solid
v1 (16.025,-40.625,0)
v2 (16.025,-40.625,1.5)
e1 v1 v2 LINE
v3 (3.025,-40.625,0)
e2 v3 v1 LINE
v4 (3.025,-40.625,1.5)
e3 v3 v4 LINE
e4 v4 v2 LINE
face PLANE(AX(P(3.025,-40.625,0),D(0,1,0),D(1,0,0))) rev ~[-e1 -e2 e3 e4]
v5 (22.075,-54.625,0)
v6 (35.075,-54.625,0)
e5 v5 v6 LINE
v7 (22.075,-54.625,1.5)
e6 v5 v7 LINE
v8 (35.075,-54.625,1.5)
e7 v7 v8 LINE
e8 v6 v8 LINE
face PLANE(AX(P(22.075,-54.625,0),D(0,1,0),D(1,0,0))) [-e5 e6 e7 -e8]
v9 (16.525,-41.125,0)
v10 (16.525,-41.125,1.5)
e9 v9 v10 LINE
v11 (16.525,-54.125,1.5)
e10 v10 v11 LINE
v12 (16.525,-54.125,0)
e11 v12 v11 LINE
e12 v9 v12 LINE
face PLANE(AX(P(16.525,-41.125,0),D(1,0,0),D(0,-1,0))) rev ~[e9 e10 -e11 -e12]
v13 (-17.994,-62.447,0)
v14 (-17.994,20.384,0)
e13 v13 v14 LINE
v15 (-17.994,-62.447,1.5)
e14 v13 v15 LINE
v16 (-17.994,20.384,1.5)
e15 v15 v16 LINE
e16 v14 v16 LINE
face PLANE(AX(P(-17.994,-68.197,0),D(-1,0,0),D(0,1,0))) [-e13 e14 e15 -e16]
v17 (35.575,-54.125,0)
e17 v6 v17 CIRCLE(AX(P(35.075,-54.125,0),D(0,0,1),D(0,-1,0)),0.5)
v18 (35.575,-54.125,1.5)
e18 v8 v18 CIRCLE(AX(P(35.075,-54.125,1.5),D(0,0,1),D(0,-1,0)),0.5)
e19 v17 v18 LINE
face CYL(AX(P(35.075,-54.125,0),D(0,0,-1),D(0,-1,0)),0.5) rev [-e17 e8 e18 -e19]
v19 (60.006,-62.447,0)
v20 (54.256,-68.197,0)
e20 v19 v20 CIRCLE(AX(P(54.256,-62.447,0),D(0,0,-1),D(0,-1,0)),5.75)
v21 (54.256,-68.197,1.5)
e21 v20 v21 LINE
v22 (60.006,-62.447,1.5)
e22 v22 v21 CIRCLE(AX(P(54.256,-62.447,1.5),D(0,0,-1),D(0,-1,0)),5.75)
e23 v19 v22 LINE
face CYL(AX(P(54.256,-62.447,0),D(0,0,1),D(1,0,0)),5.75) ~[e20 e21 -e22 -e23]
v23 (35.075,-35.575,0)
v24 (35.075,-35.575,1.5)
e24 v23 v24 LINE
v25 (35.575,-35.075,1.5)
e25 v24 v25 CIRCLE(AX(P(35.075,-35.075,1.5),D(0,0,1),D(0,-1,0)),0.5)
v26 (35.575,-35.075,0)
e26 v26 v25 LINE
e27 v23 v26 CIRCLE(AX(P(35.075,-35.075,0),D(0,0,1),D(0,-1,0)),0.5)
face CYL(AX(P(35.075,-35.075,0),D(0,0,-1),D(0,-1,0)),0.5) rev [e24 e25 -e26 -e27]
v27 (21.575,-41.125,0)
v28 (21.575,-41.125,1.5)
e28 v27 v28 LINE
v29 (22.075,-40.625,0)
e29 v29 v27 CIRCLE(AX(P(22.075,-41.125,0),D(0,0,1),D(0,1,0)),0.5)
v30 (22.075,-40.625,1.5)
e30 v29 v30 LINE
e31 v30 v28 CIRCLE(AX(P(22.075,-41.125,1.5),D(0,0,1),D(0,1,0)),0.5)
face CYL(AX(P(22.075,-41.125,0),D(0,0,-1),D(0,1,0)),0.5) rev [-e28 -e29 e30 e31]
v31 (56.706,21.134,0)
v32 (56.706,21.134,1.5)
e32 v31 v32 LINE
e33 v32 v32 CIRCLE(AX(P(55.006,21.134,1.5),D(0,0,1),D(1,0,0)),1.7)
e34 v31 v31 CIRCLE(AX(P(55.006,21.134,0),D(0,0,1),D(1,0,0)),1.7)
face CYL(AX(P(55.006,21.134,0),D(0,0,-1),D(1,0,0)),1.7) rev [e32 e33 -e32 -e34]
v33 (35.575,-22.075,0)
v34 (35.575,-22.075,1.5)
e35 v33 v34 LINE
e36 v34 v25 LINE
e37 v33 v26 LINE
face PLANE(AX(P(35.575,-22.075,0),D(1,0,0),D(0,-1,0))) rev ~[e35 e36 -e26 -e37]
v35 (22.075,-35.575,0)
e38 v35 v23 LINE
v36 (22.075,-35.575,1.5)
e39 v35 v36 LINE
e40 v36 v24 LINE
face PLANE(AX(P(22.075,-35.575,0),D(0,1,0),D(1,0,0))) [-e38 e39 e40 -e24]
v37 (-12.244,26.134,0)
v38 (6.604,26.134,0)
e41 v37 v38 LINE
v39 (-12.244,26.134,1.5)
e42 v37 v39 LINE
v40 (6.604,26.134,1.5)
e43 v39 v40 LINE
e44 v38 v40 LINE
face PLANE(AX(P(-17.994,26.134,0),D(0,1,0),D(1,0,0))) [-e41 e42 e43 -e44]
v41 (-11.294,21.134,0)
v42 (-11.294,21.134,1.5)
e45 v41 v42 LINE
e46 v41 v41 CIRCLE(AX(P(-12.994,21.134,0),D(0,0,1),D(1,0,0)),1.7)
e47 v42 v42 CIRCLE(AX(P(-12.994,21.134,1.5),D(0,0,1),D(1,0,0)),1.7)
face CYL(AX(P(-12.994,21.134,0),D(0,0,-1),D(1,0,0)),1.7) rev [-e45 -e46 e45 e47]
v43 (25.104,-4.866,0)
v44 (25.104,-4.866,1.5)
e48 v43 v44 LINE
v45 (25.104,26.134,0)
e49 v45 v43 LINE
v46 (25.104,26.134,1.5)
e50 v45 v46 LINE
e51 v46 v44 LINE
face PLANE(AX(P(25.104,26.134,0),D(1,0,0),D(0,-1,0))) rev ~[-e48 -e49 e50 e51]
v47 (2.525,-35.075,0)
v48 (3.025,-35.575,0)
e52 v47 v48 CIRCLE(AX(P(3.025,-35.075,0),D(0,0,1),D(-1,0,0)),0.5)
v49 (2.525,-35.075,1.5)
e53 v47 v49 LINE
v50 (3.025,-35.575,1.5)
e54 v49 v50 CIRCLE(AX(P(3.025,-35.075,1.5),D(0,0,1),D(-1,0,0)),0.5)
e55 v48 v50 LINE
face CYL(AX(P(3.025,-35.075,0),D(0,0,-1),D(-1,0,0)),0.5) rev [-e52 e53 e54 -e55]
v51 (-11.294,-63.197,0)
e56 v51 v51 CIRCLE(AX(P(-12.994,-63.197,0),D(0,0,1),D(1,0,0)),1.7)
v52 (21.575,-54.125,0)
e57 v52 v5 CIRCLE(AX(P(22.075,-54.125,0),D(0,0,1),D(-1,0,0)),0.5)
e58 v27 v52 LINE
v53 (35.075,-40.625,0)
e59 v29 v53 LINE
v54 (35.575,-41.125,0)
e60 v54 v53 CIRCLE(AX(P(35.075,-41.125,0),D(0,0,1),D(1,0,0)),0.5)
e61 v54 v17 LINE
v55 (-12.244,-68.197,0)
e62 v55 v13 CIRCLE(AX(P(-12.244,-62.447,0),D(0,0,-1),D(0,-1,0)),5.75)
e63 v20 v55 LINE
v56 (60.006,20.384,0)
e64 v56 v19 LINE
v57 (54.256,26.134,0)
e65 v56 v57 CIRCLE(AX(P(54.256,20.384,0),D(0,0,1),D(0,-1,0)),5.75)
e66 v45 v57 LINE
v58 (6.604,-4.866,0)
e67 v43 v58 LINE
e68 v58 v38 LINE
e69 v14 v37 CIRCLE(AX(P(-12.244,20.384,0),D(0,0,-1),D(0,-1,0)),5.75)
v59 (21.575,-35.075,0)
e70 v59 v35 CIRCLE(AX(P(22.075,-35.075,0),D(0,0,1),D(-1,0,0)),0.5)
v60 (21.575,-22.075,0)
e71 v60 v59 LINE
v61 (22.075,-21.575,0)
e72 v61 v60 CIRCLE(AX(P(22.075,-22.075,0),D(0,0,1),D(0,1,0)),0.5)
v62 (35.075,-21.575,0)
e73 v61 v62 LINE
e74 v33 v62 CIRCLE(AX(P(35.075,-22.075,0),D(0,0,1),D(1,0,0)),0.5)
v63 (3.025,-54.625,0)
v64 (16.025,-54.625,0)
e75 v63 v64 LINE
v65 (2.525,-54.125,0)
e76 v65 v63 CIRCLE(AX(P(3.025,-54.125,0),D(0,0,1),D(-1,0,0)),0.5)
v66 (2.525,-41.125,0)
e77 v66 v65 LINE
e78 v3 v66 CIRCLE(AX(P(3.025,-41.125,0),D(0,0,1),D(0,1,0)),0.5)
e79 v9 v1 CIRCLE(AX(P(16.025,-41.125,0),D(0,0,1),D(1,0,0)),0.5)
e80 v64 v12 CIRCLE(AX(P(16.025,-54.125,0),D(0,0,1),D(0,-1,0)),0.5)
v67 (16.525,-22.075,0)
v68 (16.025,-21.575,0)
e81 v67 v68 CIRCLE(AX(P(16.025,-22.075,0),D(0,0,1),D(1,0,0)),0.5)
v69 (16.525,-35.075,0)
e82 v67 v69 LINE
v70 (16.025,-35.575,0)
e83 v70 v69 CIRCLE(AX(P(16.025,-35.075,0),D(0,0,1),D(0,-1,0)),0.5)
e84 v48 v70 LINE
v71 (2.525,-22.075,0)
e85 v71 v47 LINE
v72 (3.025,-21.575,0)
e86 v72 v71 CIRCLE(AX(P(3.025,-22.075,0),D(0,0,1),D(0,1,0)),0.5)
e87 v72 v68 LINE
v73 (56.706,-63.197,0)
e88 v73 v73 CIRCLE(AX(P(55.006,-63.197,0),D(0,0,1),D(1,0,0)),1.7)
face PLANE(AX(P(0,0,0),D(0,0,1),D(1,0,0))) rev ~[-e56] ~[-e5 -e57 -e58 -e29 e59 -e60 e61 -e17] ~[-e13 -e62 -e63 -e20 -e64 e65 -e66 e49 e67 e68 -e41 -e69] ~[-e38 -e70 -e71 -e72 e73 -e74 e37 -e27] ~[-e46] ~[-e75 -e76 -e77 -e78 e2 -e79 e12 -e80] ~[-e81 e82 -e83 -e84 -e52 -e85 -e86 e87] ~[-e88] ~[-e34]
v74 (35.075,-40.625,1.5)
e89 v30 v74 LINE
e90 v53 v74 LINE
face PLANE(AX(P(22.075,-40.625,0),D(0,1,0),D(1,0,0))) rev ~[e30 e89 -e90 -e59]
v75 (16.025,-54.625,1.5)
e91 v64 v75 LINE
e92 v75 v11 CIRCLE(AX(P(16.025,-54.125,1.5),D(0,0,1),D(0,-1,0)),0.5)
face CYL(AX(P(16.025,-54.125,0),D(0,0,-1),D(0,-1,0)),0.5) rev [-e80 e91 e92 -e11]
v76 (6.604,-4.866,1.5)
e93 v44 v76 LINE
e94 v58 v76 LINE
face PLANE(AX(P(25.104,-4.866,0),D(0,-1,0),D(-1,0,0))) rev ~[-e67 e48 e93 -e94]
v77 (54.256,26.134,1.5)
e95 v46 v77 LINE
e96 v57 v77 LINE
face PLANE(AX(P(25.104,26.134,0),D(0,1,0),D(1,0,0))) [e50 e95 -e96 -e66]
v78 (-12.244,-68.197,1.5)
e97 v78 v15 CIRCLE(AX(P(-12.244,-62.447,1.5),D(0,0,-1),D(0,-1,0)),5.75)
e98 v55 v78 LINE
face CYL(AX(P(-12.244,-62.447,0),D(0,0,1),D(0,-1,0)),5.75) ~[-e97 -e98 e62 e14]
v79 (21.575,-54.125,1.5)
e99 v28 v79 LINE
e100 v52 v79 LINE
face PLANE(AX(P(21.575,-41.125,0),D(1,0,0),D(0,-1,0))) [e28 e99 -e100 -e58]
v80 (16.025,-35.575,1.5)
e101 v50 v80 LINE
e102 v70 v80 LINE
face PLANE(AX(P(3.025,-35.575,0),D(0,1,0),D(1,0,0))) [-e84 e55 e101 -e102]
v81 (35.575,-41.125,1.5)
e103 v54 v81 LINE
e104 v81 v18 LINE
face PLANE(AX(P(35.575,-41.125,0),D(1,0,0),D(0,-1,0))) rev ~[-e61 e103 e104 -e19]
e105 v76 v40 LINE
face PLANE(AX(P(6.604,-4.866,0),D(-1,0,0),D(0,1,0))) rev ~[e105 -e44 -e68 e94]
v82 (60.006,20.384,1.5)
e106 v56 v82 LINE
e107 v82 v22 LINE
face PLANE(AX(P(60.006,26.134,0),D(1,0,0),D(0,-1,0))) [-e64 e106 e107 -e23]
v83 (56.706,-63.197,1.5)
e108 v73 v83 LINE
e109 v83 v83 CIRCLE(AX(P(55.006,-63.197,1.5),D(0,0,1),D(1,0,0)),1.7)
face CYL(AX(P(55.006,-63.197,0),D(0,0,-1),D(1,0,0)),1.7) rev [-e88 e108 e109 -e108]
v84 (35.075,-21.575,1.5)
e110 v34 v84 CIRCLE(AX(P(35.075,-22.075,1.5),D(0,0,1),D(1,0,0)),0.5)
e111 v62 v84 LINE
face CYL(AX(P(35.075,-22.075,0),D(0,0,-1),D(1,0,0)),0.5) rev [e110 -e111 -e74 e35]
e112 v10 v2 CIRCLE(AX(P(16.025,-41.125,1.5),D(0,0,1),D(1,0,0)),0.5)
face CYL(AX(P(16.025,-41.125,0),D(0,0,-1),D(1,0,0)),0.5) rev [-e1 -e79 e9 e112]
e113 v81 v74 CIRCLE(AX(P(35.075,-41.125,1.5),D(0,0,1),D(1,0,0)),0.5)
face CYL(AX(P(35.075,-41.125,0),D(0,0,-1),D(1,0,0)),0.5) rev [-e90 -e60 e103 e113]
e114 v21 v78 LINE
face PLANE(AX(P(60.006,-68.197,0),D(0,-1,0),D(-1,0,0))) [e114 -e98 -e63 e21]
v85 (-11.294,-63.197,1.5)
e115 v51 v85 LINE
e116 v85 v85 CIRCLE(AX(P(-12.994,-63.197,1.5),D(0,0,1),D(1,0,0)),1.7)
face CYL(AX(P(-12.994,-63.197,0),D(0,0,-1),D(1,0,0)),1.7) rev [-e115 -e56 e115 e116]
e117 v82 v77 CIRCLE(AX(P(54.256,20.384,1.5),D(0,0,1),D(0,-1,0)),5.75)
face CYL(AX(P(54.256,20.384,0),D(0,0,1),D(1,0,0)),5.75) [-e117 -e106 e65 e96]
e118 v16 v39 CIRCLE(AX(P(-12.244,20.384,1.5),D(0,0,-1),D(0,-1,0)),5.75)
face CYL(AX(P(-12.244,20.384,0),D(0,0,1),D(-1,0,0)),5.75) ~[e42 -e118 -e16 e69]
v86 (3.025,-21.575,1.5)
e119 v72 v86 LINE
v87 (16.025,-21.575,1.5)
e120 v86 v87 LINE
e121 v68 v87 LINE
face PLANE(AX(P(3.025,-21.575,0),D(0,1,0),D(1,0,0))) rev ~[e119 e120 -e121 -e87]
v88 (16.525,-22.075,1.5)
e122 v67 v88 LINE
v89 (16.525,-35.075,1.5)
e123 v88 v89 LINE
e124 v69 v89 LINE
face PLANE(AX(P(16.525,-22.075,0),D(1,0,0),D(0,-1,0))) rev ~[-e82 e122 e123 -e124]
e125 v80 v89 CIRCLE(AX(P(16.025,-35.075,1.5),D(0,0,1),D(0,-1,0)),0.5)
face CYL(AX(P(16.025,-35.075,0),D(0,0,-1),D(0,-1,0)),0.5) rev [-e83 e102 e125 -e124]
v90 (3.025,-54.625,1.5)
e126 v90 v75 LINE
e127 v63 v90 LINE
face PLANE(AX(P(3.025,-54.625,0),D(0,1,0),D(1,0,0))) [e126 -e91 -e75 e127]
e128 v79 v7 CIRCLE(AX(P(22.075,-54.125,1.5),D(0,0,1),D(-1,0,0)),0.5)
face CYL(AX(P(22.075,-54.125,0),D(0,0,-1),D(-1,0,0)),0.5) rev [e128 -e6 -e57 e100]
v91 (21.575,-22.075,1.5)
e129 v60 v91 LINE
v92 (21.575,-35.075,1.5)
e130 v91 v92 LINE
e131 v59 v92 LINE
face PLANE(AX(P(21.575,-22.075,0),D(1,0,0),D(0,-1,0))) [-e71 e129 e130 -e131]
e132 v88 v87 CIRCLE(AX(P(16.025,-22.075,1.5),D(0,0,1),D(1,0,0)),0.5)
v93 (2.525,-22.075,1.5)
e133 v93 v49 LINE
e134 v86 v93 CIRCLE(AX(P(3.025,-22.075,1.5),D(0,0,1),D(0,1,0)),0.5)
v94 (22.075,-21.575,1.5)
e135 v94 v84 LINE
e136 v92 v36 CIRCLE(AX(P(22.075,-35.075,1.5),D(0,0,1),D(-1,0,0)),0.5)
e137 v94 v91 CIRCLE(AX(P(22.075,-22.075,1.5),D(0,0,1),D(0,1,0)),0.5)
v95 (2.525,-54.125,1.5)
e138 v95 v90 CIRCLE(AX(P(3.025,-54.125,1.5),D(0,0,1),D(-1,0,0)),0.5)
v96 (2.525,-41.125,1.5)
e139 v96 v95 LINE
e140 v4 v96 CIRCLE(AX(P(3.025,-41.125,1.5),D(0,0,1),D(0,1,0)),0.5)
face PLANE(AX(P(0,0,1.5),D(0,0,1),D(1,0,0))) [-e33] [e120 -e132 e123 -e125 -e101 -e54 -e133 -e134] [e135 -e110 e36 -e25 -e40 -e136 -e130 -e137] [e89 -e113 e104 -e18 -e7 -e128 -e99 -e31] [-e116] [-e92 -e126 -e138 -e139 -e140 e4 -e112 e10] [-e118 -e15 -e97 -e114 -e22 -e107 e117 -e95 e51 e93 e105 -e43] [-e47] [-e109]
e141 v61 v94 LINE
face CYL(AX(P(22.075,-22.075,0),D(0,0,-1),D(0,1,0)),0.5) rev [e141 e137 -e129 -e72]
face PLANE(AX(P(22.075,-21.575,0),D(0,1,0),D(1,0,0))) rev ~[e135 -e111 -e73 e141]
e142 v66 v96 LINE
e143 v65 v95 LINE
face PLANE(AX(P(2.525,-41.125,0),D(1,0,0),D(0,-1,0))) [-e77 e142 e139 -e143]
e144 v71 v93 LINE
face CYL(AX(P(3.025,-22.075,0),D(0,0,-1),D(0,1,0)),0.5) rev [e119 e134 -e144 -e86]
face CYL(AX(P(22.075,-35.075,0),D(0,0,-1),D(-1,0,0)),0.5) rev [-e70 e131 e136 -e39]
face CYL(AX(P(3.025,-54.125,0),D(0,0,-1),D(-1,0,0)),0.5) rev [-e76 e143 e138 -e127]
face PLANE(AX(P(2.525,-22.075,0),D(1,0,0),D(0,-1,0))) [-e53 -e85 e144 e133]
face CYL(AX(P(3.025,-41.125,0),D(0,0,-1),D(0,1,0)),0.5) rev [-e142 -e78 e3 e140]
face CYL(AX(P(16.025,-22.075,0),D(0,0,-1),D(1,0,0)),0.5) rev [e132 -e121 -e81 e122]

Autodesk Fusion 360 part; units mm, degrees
sketch "plate-2025-12-04T13_16_58.583Z" plane through (0, 0, 0) normal (0, 0, 1) x (1, 0, 0)
  line L0 (3.025, -21.575) -> (16.025, -21.575)
  line L1 (3.025, -35.575) -> (16.025, -35.575)
  line L2 (2.525, -22.075) -> (2.525, -35.075)
  line L3 (16.525, -22.075) -> (16.525, -35.075)
  arc A0 (3.025, -21.575) -> (2.525, -22.075) centre (3.025, -22.075) ccw
  arc A1 (16.525, -22.075) -> (16.025, -21.575) centre (16.025, -22.075) ccw
  arc A2 (2.525, -35.075) -> (3.025, -35.575) centre (3.025, -35.075) ccw
  arc A3 (16.025, -35.575) -> (16.525, -35.075) centre (16.025, -35.075) ccw
  line L4 (22.075, -21.575) -> (35.075, -21.575)
  line L5 (22.075, -35.575) -> (35.075, -35.575)
  line L6 (21.575, -22.075) -> (21.575, -35.075)
  line L7 (35.575, -22.075) -> (35.575, -35.075)
  arc A4 (22.075, -21.575) -> (21.575, -22.075) centre (22.075, -22.075) ccw
  arc A5 (35.575, -22.075) -> (35.075, -21.575) centre (35.075, -22.075) ccw
  arc A6 (21.575, -35.075) -> (22.075, -35.575) centre (22.075, -35.075) ccw
  arc A7 (35.075, -35.575) -> (35.575, -35.075) centre (35.075, -35.075) ccw
  line L8 (3.025, -40.625) -> (16.025, -40.625)
  line L9 (3.025, -54.625) -> (16.025, -54.625)
  line L10 (2.525, -41.125) -> (2.525, -54.125)
  line L11 (16.525, -41.125) -> (16.525, -54.125)
  arc A8 (3.025, -40.625) -> (2.525, -41.125) centre (3.025, -41.125) ccw
  arc A9 (16.525, -41.125) -> (16.025, -40.625) centre (16.025, -41.125) ccw
  arc A10 (2.525, -54.125) -> (3.025, -54.625) centre (3.025, -54.125) ccw
  arc A11 (16.025, -54.625) -> (16.525, -54.125) centre (16.025, -54.125) ccw
  line L12 (22.075, -40.625) -> (35.075, -40.625)
  line L13 (22.075, -54.625) -> (35.075, -54.625)
  line L14 (21.575, -41.125) -> (21.575, -54.125)
  line L15 (35.575, -41.125) -> (35.575, -54.125)
  arc A12 (22.075, -40.625) -> (21.575, -41.125) centre (22.075, -41.125) ccw
  arc A13 (35.575, -41.125) -> (35.075, -40.625) centre (35.075, -41.125) ccw
  arc A14 (21.575, -54.125) -> (22.075, -54.625) centre (22.075, -54.125) ccw
  arc A15 (35.075, -54.625) -> (35.575, -54.125) centre (35.075, -54.125) ccw
  line L16 (0, -57.15) -> (38.1, -57.15)
  line L17 (0, -19.05) -> (38.1, -19.05)
  line L18 (0, -57.15) -> (0, -19.05)
  line L19 (38.1, -57.15) -> (38.1, -19.05)
  line L20 (-17.994, 26.134) -> (60.006, 26.134)
  line L21 (60.006, 26.134) -> (60.006, -68.197)
  line L22 (60.006, -68.197) -> (-17.994, -68.197)
  line L23 (-17.994, -68.197) -> (-17.994, 26.134)
  line L24 (6.604, 26.134) -> (25.104, 26.134)
  line L25 (25.104, 26.134) -> (25.104, -4.866)
  line L26 (25.104, -4.866) -> (6.604, -4.866)
  line L27 (6.604, -4.866) -> (6.604, 26.134)
  circle A16 centre (-12.994, 21.134) radius 1.7
  circle A17 centre (55.006, 21.134) radius 1.7
  circle A18 centre (-12.994, -63.197) radius 1.7
  circle A19 centre (55.006, -63.197) radius 1.7
  dimension "d1" = 78
  dimension "d2" = 94.331
  dimension "d4" = 20.519
  dimension "d5" = 13.572
  dimension "d6" = 18.5
  dimension "d7" = 31
  dimension "d8" = 24.598
  dimension "d9" = 3.4
  dimension "d10" = 5
  dimension "d11" = 5
  dimension "d12" = 3.4
  dimension "d13" = 5
  dimension "d14" = 5
  dimension "d15" = 3.4
  dimension "d16" = 5
  dimension "d17" = 5
  dimension "d18" = 3.4
  dimension "d19" = 5
  dimension "d20" = 5
extrude "Extrude1" add sketch "plate-2025-12-04T13_16_58.583Z" along normal blind 1.5 contours L16 L17 L18 L19 | L20 L21 L22 L23 L25 L26 L27
fillet "Fillet1" radius 5.75 1 edges at (60.006, -68.197, 0.75)
fillet "Fillet2" radius 5.75 1 edges at (-17.994, -68.197, 0.75)
fillet "Fillet3" radius 5.75 1 edges at (60.006, 26.134, 0.75)
fillet "Fillet4" radius 5.75 1 edges at (-17.994, 26.134, 0.75)
equation "d5 = 9.5 mm + 4.072 mm"
equation "d8 = 18.848 mm + 5.75 mm"
